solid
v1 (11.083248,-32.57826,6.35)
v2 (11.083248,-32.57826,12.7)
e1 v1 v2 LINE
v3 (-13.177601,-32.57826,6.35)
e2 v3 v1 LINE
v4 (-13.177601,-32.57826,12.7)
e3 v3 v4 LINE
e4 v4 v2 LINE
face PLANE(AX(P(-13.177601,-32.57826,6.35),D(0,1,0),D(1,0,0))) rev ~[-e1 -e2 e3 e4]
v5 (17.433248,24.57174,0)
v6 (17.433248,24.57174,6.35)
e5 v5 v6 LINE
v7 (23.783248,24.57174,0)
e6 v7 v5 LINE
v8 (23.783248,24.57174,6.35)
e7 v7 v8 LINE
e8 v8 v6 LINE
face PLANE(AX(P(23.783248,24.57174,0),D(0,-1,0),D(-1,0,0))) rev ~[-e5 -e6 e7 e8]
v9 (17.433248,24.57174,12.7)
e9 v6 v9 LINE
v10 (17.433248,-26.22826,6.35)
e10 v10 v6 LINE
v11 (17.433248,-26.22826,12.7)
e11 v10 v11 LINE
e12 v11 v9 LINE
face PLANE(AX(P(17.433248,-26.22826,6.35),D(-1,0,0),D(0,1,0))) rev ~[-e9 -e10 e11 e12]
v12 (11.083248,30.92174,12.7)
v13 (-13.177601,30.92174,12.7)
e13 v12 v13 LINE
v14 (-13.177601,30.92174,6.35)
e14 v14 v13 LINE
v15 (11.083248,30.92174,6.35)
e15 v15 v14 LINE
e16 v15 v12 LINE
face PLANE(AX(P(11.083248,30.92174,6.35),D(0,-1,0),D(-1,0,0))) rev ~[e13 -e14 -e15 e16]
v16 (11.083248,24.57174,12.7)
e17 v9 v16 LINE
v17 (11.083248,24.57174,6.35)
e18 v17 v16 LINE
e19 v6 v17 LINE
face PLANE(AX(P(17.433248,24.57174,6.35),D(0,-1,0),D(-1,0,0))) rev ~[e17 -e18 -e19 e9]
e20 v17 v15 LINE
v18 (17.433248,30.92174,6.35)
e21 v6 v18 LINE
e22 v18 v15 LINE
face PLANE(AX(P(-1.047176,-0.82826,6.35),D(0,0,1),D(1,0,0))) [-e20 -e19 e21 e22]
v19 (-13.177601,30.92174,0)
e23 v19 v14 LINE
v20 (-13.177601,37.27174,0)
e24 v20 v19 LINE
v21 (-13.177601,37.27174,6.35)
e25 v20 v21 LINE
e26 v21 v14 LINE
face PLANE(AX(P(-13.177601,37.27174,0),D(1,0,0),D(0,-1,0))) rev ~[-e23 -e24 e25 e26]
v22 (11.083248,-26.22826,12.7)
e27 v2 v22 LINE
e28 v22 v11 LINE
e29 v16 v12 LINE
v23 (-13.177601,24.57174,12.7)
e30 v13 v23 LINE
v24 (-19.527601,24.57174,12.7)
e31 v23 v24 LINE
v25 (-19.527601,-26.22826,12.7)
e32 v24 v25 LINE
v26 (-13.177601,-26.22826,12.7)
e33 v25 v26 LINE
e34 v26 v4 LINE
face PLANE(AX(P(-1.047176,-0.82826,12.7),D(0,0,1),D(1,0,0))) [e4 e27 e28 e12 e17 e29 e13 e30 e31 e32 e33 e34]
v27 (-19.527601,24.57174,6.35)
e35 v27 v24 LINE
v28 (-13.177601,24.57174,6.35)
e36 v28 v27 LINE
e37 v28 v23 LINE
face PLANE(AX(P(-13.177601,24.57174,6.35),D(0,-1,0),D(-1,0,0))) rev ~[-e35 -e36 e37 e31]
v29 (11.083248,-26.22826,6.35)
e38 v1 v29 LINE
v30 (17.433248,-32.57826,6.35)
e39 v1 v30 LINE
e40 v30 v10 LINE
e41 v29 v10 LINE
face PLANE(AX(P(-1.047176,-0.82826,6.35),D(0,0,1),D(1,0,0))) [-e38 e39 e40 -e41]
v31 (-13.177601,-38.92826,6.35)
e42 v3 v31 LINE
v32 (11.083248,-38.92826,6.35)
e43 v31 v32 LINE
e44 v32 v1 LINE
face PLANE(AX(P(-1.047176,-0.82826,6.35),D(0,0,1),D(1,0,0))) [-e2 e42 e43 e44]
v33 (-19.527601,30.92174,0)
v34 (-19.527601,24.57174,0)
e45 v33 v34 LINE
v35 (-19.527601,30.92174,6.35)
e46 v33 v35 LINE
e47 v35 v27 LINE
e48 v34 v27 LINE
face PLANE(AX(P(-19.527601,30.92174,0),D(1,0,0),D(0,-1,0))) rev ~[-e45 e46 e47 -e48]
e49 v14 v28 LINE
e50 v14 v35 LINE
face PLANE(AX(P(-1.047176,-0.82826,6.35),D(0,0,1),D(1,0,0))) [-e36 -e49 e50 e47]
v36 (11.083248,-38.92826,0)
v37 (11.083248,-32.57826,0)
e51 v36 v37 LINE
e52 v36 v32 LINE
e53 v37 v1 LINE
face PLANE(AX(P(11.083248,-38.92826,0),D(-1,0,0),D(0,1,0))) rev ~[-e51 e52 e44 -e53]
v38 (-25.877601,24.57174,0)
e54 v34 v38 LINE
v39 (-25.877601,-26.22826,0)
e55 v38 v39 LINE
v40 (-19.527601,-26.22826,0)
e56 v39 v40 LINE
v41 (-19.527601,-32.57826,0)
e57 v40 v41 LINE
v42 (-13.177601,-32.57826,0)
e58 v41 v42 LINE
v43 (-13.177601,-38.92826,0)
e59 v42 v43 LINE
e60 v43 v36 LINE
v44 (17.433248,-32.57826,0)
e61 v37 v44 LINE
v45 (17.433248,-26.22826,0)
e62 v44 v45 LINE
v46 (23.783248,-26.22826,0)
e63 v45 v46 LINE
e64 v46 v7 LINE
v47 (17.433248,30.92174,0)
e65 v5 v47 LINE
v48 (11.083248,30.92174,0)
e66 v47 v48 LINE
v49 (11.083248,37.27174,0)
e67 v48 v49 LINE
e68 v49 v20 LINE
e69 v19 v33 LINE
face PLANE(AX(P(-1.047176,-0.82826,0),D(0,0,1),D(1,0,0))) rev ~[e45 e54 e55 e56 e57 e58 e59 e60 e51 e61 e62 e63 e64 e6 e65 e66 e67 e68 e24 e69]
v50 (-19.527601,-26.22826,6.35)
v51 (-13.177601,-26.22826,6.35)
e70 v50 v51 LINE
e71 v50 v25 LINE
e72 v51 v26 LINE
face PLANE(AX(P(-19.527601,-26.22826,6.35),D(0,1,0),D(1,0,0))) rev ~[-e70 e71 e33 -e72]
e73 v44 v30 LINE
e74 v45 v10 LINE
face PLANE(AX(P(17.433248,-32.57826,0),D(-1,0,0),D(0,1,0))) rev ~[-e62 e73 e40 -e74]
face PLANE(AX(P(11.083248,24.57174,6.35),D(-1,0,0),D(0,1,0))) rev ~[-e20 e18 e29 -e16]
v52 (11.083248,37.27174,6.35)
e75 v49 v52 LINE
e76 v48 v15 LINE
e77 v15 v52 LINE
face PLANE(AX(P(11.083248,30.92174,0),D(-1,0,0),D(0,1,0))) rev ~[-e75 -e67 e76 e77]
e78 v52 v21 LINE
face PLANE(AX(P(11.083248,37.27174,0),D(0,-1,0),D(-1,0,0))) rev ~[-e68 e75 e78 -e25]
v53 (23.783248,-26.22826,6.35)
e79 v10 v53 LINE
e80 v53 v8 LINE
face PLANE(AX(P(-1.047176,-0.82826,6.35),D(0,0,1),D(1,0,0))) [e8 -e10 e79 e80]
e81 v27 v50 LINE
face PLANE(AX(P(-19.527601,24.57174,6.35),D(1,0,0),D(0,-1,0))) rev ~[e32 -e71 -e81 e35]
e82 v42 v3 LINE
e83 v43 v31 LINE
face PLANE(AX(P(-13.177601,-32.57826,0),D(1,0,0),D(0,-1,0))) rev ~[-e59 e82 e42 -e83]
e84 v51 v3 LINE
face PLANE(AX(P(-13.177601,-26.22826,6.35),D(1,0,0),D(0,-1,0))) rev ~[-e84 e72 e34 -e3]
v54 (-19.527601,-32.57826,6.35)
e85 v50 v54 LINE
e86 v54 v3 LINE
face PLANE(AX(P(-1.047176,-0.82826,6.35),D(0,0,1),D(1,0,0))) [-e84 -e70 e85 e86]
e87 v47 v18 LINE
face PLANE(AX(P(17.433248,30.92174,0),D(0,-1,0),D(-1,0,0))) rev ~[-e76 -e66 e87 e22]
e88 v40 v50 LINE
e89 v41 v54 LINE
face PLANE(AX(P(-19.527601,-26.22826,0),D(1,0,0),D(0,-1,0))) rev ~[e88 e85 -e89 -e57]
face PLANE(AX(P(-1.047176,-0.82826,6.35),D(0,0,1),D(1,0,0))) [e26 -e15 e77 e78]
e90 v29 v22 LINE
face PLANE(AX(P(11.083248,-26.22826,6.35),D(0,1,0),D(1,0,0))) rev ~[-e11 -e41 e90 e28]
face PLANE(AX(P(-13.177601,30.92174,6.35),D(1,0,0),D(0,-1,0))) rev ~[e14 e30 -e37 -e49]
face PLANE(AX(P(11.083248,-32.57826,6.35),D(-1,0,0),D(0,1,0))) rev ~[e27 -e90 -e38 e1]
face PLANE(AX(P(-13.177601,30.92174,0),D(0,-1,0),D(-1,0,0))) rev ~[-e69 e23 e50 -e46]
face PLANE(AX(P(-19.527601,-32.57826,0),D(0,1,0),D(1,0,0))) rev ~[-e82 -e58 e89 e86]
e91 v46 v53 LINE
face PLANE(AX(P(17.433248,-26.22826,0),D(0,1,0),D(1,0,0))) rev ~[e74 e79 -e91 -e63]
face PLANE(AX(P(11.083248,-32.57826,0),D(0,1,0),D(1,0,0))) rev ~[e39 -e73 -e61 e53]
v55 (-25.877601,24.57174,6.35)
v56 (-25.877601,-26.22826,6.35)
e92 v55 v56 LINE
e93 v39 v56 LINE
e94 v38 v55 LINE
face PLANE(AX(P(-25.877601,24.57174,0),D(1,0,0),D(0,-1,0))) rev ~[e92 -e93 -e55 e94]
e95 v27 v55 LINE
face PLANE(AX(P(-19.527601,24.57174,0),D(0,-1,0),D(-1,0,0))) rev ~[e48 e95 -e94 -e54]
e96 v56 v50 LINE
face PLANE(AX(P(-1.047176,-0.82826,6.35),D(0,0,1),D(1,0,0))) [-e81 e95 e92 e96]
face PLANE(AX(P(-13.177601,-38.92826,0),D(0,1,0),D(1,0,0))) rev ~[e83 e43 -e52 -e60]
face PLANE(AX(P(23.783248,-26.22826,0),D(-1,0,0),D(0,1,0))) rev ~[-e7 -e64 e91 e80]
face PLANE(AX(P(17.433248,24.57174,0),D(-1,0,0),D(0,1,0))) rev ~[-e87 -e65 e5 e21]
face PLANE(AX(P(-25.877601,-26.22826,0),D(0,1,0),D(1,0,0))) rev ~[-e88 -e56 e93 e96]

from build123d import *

# Parameters (mm, degrees)
F1_DEPTH = 6.35
F3_DEPTH = 6.35


with BuildPart() as f1:
    # F0 (on Top) → F1 (new body)
    with BuildSketch(Plane.XY):
        Polygon((11.083248, 37.27174), (-13.177601, 37.27174), (-13.177601, 30.92174), (-19.527601, 30.92174), (-19.527601, 24.57174), (-25.877601, 24.57174), (-25.877601, -26.22826), (-19.527601, -26.22826), (-19.527601, -32.57826), (-13.177601, -32.57826), (-13.177601, -38.92826), (11.083248, -38.92826), (11.083248, -32.57826), (17.433248, -32.57826), (17.433248, -26.22826), (23.783248, -26.22826), (23.783248, 24.57174), (17.433248, 24.57174), (17.433248, 30.92174), (11.083248, 30.92174), align=None)
    extrude(amount=F1_DEPTH)

    # F2 (on face) → F3 (join)
    with BuildSketch(Plane.XY.offset(6.35)):
        Polygon((11.083248, 30.92174), (-13.177601, 30.92174), (-13.177601, 24.57174), (-19.527601, 24.57174), (-19.527601, -26.22826), (-13.177601, -26.22826), (-13.177601, -32.57826), (11.083248, -32.57826), (11.083248, -26.22826), (17.433248, -26.22826), (17.433248, 24.57174), (11.083248, 24.57174), align=None)
    extrude(amount=F3_DEPTH)


solid = f1.part
